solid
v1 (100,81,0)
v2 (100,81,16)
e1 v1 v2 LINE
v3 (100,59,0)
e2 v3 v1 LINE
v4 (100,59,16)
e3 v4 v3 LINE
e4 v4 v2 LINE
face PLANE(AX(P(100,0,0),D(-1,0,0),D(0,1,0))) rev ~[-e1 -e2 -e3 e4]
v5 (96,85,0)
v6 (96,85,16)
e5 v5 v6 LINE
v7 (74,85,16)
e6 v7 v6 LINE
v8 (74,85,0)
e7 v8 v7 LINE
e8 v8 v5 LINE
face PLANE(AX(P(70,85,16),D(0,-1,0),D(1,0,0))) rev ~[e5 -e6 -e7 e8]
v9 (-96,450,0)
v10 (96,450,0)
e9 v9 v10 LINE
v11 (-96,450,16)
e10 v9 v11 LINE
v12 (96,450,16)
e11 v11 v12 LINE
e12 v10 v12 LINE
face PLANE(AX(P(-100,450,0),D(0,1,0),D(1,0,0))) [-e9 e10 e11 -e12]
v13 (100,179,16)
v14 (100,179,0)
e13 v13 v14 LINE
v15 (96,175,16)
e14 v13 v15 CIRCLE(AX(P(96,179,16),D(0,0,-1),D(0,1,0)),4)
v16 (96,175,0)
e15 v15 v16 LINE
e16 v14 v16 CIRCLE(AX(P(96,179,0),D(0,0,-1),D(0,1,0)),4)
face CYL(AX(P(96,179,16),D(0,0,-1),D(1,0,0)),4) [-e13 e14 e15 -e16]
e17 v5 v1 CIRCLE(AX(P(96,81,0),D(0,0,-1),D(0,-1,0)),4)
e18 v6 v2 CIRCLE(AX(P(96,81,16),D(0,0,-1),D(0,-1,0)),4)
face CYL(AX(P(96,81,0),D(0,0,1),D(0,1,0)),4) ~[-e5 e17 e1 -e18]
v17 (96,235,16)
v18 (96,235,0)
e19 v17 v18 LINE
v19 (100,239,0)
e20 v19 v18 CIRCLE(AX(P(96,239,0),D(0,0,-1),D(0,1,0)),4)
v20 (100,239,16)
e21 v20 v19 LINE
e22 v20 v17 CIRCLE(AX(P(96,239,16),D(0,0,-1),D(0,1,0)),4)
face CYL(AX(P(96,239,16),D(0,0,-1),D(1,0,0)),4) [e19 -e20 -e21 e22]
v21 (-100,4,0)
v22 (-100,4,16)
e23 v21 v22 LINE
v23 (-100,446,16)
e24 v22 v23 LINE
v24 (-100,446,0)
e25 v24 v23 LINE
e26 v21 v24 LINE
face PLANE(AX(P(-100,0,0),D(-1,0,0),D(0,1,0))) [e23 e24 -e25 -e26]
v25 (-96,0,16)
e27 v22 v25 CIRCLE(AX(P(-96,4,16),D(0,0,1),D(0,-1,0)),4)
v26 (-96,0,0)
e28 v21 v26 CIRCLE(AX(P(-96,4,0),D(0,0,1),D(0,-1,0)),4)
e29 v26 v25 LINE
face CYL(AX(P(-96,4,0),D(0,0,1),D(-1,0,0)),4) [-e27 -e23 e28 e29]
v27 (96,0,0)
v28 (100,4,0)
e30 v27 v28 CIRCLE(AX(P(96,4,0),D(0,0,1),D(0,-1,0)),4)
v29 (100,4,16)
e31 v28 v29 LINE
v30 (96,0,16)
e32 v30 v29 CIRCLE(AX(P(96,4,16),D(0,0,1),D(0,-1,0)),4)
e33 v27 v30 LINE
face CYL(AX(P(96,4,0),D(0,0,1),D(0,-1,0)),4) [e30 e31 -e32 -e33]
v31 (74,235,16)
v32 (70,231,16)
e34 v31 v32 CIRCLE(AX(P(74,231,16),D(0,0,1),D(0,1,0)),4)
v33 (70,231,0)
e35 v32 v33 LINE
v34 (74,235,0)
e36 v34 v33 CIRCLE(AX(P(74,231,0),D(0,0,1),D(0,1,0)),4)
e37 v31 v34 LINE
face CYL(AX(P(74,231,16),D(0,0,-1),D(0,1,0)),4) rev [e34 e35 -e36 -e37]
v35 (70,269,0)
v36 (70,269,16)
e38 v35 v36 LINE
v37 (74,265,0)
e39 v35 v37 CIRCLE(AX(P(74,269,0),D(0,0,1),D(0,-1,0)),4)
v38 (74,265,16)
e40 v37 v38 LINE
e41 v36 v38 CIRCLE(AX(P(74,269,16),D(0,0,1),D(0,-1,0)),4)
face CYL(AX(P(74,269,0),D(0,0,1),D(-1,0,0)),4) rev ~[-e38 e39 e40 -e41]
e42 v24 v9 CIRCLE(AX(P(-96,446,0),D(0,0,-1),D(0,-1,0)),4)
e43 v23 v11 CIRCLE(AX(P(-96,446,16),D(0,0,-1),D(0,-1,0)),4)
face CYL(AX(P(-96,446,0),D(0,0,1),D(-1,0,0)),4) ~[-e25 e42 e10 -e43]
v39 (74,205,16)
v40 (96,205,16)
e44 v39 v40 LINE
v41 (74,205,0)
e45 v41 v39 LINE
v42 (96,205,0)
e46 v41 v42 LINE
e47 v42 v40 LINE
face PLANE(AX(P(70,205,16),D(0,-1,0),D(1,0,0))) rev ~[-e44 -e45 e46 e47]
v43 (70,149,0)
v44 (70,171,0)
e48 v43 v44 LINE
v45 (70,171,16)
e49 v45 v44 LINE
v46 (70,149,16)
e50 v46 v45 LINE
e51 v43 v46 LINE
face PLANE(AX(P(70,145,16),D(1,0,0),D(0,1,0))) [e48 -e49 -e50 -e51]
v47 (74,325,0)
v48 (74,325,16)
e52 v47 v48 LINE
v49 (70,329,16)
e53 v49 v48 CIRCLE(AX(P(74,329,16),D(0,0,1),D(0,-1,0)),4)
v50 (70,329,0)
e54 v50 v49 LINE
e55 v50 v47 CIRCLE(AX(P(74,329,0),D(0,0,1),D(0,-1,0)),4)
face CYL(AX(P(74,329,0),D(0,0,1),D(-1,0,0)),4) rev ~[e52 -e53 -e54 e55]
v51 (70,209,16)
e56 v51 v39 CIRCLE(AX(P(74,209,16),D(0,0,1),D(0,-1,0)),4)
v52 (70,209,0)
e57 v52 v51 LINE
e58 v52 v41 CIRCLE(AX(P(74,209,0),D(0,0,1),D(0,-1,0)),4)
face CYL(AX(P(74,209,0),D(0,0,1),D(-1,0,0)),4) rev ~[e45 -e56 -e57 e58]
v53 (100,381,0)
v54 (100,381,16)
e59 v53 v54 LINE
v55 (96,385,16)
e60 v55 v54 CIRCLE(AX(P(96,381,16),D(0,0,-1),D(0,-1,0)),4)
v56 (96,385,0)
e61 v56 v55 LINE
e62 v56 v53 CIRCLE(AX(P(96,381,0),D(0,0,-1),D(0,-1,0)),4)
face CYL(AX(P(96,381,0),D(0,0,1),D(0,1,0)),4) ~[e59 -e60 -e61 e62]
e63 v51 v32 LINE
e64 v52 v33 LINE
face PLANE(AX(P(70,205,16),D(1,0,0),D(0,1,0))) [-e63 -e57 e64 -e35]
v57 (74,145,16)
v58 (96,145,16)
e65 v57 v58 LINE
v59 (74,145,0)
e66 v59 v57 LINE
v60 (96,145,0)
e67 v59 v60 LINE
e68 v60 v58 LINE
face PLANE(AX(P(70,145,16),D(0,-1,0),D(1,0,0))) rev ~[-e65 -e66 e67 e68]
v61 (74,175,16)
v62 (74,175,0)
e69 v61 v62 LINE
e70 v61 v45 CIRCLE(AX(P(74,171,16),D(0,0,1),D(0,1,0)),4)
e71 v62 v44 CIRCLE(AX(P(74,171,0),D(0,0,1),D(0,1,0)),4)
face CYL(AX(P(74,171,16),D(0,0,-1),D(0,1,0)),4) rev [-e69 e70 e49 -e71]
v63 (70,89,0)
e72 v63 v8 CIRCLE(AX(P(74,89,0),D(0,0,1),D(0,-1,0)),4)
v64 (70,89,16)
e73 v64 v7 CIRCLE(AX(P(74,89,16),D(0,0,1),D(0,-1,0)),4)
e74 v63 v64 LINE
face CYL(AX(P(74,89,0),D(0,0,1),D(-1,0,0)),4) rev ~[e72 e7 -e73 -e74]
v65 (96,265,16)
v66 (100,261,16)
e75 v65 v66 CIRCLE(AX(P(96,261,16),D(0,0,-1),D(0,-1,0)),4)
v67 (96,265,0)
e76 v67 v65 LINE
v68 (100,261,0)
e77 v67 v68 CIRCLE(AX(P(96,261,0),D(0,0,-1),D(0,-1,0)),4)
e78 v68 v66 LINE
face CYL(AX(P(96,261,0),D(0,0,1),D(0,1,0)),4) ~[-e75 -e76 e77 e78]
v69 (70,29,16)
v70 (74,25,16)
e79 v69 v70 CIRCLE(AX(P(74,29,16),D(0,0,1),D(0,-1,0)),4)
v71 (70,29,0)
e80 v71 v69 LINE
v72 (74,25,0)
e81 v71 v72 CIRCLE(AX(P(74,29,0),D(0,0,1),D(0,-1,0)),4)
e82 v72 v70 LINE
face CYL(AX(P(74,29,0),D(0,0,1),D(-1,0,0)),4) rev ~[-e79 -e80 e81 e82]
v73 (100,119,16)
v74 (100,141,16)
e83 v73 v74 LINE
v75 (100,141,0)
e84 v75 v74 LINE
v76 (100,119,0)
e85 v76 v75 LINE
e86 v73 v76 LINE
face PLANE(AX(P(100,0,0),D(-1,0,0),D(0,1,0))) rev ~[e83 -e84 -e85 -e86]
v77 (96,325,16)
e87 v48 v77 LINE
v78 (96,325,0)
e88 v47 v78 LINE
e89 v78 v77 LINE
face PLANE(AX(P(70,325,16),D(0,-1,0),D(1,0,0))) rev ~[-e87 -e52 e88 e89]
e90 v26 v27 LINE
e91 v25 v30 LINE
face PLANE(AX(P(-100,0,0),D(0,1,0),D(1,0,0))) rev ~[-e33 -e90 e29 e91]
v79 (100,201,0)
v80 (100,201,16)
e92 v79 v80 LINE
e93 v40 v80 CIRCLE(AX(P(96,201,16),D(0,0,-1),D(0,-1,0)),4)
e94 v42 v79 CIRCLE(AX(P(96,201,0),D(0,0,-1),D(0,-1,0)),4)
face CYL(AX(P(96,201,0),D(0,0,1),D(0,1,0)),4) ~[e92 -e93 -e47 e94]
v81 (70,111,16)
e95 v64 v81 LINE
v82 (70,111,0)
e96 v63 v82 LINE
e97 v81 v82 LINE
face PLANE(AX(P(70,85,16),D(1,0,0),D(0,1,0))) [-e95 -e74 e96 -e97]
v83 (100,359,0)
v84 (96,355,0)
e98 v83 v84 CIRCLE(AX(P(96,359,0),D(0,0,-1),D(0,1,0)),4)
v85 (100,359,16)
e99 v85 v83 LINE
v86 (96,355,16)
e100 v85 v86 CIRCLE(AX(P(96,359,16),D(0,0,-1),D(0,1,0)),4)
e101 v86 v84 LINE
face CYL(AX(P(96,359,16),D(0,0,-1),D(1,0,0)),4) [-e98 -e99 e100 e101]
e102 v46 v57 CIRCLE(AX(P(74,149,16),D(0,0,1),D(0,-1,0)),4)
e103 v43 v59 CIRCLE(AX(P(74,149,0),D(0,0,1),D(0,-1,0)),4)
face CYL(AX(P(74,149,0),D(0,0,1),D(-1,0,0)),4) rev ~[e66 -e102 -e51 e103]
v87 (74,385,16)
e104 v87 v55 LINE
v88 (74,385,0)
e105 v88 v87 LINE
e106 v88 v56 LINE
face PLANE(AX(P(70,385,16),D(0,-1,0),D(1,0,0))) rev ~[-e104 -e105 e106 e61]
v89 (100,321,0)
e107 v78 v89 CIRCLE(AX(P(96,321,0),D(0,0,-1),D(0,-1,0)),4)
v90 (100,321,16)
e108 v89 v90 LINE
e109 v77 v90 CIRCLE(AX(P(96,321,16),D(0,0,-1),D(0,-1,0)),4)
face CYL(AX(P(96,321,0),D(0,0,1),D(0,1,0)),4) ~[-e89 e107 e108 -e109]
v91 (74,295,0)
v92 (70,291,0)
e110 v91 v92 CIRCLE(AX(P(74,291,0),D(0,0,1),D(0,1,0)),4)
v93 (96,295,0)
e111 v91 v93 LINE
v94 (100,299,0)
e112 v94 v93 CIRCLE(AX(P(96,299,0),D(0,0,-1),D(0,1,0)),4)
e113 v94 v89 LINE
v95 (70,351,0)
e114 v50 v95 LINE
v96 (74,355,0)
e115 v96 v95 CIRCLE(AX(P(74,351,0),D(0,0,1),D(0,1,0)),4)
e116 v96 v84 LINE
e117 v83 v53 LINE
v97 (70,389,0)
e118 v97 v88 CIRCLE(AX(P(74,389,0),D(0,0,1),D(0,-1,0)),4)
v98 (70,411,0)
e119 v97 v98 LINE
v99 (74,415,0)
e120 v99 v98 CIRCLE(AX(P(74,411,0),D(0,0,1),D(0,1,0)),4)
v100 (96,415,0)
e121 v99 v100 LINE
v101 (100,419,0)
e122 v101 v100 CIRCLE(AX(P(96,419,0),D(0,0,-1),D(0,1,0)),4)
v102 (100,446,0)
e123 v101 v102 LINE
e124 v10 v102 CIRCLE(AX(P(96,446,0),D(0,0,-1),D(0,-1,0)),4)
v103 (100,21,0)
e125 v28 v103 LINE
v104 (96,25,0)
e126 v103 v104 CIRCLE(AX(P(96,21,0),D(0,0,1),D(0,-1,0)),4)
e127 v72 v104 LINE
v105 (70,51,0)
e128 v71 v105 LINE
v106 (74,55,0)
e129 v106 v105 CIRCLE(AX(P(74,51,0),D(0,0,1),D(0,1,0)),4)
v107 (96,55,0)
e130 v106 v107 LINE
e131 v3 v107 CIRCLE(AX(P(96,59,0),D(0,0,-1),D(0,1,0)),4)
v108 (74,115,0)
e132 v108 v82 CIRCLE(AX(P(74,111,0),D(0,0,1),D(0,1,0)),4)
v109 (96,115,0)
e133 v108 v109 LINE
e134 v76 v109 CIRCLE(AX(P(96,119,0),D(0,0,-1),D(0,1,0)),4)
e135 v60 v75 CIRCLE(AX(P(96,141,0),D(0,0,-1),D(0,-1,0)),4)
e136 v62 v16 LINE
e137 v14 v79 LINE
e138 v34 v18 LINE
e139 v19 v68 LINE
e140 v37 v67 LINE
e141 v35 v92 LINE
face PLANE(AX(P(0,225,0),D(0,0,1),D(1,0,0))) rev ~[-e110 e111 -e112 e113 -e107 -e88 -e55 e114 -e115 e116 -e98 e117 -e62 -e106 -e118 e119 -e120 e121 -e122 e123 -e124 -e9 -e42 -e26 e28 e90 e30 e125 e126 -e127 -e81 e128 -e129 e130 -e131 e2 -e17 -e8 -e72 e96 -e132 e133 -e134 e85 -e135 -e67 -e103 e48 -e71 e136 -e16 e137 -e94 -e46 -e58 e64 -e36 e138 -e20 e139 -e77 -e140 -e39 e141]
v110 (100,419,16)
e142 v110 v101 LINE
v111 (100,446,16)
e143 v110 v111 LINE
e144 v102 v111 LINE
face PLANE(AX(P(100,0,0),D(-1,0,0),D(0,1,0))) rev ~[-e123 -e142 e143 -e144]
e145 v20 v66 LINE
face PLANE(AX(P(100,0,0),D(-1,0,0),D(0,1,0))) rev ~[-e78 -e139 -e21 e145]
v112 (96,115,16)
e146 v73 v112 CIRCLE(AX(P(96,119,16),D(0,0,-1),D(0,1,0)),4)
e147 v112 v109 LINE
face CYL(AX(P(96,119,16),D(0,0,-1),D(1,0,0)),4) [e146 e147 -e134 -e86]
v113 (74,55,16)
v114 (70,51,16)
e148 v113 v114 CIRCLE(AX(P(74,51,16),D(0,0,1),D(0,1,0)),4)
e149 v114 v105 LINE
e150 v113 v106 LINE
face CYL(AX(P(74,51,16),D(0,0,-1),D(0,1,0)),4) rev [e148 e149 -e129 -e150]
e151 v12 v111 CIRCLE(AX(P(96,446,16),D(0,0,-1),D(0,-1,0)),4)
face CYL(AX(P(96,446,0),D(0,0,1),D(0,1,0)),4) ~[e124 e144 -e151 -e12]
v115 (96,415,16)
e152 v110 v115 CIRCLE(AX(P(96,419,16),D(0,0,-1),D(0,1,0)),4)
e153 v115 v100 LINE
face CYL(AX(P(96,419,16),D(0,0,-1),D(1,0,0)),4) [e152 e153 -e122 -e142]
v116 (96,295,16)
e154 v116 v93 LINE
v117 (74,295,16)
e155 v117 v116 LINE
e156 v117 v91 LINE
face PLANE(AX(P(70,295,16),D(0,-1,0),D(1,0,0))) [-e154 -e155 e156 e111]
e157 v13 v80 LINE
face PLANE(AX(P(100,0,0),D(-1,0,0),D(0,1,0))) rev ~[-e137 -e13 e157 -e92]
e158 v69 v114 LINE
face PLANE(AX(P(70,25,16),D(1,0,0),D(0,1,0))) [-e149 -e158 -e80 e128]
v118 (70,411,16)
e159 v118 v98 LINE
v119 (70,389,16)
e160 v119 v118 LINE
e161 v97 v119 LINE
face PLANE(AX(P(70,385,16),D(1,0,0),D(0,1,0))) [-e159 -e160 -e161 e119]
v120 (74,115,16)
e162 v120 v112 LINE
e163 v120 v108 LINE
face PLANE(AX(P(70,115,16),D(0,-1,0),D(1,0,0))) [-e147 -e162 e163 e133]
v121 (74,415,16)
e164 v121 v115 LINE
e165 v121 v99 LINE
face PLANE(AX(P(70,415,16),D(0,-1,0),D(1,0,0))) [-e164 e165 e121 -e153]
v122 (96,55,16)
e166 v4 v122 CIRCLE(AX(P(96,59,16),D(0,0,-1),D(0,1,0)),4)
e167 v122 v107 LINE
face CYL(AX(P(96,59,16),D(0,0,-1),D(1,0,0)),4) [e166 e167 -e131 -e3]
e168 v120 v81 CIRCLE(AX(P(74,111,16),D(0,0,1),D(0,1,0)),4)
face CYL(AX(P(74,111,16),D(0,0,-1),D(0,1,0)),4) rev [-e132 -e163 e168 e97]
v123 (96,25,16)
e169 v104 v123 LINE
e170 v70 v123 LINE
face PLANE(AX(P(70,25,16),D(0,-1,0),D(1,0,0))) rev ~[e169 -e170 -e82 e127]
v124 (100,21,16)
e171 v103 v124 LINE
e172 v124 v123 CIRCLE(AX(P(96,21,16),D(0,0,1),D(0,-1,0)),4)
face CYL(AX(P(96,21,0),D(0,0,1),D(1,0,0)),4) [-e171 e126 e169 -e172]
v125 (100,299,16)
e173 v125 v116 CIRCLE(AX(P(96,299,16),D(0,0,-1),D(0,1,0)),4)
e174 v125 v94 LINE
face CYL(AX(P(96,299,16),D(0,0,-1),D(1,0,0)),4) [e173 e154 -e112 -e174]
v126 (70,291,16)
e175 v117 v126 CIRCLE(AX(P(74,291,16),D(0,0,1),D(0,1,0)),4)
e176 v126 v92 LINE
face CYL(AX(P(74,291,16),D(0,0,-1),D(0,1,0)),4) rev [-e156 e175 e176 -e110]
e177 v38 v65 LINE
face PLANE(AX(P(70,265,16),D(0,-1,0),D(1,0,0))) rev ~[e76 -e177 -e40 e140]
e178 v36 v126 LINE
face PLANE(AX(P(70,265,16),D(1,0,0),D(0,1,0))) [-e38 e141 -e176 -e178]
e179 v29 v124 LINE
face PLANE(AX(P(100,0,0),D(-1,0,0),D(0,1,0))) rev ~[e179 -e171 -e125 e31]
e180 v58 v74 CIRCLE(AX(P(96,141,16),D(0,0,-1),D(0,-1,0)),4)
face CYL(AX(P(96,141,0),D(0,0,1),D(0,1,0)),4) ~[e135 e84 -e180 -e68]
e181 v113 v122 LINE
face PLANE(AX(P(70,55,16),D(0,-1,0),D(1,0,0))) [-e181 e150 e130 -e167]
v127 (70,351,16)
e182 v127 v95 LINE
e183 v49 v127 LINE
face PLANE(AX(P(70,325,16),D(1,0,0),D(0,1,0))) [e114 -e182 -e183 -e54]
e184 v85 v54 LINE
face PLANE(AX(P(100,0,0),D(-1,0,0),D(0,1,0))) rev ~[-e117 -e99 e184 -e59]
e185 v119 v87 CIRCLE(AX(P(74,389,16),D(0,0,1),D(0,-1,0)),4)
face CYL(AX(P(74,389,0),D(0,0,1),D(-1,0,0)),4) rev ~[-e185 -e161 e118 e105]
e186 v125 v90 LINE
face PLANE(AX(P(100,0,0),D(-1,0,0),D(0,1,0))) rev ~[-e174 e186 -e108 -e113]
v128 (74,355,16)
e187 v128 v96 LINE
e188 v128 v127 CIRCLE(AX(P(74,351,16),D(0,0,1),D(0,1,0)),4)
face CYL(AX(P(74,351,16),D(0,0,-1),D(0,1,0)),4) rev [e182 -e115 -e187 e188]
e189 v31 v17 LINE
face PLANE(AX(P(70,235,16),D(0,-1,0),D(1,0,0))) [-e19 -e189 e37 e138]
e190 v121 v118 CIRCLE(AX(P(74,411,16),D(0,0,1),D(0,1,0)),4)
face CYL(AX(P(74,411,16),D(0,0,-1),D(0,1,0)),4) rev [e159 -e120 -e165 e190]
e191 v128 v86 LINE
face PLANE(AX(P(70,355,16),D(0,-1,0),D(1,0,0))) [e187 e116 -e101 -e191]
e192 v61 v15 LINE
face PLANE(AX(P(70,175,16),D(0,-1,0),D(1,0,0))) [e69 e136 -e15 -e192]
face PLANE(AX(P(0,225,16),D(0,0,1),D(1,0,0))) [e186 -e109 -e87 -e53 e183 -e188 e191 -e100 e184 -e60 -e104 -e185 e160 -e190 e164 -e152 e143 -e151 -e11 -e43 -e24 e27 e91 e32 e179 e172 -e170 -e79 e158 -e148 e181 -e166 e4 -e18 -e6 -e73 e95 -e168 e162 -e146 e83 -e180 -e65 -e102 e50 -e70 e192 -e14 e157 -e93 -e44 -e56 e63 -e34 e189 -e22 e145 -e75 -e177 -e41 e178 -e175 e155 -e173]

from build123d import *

# Parameters (mm, degrees)
SKETCH1_W           = 200
SKETCH1_H           = 450
BOSS_EXTRUDE1_DEPTH = 16
SKETCH2_W           = 30
SKETCH2_H           = 30
CUT_EXTRUDE8_DEPTH  = 462.254810273
LPATTERN1_COUNT     = 7
LPATTERN1_PITCH     = 60
FILLET1_R           = 4


with BuildPart() as part:
    # Sketch1 → Boss-Extrude1 (new body)
    with BuildSketch(Plane.XY):
        with Locations((0, 225)):
            Rectangle(SKETCH1_W, SKETCH1_H)
    extrude(amount=BOSS_EXTRUDE1_DEPTH)

    # Sketch2 → Cut-Extrude8 (cut, symmetric)
    with BuildSketch(Plane.XY.offset(16)):
        with Locations((85, 40)):
            Rectangle(SKETCH2_W, SKETCH2_H)
    cut_extrude8 = extrude(amount=CUT_EXTRUDE8_DEPTH, both=True, mode=Mode.SUBTRACT)

    # LPattern1: Cut-Extrude8 ×7
    with Locations(*[(0, i * LPATTERN1_PITCH, 0) for i in range(1, LPATTERN1_COUNT)]):
        add(cut_extrude8, mode=Mode.SUBTRACT)

    # Fillet1
    fillet1_edges = [part.edges().sort_by_distance(p)[0] for p in [
        (70, 355, 8),
        (100, 355, 8),
        (100, 325, 8),
        (70, 325, 8),
        (70, 415, 8),
        (100, 415, 8),
        (100, 385, 8),
        (70, 385, 8),
        (70, 55, 8),
        (100, 55, 8),
        (100, 25, 8),
        (70, 25, 8),
        (70, 115, 8),
        (100, 115, 8),
        (100, 85, 8),
        (70, 85, 8),
        (70, 175, 8),
        (100, 175, 8),
        (100, 145, 8),
        (70, 145, 8),
        (-100, 450, 8),
        (100, 450, 8),
        (100, 0, 8),
        (-100, 0, 8),
        (70, 235, 8),
        (100, 235, 8),
        (100, 205, 8),
        (70, 205, 8),
        (70, 295, 8),
        (100, 295, 8),
        (100, 265, 8),
        (70, 265, 8),
    ]]
    fillet(fillet1_edges, radius=FILLET1_R)


solid = part.part
